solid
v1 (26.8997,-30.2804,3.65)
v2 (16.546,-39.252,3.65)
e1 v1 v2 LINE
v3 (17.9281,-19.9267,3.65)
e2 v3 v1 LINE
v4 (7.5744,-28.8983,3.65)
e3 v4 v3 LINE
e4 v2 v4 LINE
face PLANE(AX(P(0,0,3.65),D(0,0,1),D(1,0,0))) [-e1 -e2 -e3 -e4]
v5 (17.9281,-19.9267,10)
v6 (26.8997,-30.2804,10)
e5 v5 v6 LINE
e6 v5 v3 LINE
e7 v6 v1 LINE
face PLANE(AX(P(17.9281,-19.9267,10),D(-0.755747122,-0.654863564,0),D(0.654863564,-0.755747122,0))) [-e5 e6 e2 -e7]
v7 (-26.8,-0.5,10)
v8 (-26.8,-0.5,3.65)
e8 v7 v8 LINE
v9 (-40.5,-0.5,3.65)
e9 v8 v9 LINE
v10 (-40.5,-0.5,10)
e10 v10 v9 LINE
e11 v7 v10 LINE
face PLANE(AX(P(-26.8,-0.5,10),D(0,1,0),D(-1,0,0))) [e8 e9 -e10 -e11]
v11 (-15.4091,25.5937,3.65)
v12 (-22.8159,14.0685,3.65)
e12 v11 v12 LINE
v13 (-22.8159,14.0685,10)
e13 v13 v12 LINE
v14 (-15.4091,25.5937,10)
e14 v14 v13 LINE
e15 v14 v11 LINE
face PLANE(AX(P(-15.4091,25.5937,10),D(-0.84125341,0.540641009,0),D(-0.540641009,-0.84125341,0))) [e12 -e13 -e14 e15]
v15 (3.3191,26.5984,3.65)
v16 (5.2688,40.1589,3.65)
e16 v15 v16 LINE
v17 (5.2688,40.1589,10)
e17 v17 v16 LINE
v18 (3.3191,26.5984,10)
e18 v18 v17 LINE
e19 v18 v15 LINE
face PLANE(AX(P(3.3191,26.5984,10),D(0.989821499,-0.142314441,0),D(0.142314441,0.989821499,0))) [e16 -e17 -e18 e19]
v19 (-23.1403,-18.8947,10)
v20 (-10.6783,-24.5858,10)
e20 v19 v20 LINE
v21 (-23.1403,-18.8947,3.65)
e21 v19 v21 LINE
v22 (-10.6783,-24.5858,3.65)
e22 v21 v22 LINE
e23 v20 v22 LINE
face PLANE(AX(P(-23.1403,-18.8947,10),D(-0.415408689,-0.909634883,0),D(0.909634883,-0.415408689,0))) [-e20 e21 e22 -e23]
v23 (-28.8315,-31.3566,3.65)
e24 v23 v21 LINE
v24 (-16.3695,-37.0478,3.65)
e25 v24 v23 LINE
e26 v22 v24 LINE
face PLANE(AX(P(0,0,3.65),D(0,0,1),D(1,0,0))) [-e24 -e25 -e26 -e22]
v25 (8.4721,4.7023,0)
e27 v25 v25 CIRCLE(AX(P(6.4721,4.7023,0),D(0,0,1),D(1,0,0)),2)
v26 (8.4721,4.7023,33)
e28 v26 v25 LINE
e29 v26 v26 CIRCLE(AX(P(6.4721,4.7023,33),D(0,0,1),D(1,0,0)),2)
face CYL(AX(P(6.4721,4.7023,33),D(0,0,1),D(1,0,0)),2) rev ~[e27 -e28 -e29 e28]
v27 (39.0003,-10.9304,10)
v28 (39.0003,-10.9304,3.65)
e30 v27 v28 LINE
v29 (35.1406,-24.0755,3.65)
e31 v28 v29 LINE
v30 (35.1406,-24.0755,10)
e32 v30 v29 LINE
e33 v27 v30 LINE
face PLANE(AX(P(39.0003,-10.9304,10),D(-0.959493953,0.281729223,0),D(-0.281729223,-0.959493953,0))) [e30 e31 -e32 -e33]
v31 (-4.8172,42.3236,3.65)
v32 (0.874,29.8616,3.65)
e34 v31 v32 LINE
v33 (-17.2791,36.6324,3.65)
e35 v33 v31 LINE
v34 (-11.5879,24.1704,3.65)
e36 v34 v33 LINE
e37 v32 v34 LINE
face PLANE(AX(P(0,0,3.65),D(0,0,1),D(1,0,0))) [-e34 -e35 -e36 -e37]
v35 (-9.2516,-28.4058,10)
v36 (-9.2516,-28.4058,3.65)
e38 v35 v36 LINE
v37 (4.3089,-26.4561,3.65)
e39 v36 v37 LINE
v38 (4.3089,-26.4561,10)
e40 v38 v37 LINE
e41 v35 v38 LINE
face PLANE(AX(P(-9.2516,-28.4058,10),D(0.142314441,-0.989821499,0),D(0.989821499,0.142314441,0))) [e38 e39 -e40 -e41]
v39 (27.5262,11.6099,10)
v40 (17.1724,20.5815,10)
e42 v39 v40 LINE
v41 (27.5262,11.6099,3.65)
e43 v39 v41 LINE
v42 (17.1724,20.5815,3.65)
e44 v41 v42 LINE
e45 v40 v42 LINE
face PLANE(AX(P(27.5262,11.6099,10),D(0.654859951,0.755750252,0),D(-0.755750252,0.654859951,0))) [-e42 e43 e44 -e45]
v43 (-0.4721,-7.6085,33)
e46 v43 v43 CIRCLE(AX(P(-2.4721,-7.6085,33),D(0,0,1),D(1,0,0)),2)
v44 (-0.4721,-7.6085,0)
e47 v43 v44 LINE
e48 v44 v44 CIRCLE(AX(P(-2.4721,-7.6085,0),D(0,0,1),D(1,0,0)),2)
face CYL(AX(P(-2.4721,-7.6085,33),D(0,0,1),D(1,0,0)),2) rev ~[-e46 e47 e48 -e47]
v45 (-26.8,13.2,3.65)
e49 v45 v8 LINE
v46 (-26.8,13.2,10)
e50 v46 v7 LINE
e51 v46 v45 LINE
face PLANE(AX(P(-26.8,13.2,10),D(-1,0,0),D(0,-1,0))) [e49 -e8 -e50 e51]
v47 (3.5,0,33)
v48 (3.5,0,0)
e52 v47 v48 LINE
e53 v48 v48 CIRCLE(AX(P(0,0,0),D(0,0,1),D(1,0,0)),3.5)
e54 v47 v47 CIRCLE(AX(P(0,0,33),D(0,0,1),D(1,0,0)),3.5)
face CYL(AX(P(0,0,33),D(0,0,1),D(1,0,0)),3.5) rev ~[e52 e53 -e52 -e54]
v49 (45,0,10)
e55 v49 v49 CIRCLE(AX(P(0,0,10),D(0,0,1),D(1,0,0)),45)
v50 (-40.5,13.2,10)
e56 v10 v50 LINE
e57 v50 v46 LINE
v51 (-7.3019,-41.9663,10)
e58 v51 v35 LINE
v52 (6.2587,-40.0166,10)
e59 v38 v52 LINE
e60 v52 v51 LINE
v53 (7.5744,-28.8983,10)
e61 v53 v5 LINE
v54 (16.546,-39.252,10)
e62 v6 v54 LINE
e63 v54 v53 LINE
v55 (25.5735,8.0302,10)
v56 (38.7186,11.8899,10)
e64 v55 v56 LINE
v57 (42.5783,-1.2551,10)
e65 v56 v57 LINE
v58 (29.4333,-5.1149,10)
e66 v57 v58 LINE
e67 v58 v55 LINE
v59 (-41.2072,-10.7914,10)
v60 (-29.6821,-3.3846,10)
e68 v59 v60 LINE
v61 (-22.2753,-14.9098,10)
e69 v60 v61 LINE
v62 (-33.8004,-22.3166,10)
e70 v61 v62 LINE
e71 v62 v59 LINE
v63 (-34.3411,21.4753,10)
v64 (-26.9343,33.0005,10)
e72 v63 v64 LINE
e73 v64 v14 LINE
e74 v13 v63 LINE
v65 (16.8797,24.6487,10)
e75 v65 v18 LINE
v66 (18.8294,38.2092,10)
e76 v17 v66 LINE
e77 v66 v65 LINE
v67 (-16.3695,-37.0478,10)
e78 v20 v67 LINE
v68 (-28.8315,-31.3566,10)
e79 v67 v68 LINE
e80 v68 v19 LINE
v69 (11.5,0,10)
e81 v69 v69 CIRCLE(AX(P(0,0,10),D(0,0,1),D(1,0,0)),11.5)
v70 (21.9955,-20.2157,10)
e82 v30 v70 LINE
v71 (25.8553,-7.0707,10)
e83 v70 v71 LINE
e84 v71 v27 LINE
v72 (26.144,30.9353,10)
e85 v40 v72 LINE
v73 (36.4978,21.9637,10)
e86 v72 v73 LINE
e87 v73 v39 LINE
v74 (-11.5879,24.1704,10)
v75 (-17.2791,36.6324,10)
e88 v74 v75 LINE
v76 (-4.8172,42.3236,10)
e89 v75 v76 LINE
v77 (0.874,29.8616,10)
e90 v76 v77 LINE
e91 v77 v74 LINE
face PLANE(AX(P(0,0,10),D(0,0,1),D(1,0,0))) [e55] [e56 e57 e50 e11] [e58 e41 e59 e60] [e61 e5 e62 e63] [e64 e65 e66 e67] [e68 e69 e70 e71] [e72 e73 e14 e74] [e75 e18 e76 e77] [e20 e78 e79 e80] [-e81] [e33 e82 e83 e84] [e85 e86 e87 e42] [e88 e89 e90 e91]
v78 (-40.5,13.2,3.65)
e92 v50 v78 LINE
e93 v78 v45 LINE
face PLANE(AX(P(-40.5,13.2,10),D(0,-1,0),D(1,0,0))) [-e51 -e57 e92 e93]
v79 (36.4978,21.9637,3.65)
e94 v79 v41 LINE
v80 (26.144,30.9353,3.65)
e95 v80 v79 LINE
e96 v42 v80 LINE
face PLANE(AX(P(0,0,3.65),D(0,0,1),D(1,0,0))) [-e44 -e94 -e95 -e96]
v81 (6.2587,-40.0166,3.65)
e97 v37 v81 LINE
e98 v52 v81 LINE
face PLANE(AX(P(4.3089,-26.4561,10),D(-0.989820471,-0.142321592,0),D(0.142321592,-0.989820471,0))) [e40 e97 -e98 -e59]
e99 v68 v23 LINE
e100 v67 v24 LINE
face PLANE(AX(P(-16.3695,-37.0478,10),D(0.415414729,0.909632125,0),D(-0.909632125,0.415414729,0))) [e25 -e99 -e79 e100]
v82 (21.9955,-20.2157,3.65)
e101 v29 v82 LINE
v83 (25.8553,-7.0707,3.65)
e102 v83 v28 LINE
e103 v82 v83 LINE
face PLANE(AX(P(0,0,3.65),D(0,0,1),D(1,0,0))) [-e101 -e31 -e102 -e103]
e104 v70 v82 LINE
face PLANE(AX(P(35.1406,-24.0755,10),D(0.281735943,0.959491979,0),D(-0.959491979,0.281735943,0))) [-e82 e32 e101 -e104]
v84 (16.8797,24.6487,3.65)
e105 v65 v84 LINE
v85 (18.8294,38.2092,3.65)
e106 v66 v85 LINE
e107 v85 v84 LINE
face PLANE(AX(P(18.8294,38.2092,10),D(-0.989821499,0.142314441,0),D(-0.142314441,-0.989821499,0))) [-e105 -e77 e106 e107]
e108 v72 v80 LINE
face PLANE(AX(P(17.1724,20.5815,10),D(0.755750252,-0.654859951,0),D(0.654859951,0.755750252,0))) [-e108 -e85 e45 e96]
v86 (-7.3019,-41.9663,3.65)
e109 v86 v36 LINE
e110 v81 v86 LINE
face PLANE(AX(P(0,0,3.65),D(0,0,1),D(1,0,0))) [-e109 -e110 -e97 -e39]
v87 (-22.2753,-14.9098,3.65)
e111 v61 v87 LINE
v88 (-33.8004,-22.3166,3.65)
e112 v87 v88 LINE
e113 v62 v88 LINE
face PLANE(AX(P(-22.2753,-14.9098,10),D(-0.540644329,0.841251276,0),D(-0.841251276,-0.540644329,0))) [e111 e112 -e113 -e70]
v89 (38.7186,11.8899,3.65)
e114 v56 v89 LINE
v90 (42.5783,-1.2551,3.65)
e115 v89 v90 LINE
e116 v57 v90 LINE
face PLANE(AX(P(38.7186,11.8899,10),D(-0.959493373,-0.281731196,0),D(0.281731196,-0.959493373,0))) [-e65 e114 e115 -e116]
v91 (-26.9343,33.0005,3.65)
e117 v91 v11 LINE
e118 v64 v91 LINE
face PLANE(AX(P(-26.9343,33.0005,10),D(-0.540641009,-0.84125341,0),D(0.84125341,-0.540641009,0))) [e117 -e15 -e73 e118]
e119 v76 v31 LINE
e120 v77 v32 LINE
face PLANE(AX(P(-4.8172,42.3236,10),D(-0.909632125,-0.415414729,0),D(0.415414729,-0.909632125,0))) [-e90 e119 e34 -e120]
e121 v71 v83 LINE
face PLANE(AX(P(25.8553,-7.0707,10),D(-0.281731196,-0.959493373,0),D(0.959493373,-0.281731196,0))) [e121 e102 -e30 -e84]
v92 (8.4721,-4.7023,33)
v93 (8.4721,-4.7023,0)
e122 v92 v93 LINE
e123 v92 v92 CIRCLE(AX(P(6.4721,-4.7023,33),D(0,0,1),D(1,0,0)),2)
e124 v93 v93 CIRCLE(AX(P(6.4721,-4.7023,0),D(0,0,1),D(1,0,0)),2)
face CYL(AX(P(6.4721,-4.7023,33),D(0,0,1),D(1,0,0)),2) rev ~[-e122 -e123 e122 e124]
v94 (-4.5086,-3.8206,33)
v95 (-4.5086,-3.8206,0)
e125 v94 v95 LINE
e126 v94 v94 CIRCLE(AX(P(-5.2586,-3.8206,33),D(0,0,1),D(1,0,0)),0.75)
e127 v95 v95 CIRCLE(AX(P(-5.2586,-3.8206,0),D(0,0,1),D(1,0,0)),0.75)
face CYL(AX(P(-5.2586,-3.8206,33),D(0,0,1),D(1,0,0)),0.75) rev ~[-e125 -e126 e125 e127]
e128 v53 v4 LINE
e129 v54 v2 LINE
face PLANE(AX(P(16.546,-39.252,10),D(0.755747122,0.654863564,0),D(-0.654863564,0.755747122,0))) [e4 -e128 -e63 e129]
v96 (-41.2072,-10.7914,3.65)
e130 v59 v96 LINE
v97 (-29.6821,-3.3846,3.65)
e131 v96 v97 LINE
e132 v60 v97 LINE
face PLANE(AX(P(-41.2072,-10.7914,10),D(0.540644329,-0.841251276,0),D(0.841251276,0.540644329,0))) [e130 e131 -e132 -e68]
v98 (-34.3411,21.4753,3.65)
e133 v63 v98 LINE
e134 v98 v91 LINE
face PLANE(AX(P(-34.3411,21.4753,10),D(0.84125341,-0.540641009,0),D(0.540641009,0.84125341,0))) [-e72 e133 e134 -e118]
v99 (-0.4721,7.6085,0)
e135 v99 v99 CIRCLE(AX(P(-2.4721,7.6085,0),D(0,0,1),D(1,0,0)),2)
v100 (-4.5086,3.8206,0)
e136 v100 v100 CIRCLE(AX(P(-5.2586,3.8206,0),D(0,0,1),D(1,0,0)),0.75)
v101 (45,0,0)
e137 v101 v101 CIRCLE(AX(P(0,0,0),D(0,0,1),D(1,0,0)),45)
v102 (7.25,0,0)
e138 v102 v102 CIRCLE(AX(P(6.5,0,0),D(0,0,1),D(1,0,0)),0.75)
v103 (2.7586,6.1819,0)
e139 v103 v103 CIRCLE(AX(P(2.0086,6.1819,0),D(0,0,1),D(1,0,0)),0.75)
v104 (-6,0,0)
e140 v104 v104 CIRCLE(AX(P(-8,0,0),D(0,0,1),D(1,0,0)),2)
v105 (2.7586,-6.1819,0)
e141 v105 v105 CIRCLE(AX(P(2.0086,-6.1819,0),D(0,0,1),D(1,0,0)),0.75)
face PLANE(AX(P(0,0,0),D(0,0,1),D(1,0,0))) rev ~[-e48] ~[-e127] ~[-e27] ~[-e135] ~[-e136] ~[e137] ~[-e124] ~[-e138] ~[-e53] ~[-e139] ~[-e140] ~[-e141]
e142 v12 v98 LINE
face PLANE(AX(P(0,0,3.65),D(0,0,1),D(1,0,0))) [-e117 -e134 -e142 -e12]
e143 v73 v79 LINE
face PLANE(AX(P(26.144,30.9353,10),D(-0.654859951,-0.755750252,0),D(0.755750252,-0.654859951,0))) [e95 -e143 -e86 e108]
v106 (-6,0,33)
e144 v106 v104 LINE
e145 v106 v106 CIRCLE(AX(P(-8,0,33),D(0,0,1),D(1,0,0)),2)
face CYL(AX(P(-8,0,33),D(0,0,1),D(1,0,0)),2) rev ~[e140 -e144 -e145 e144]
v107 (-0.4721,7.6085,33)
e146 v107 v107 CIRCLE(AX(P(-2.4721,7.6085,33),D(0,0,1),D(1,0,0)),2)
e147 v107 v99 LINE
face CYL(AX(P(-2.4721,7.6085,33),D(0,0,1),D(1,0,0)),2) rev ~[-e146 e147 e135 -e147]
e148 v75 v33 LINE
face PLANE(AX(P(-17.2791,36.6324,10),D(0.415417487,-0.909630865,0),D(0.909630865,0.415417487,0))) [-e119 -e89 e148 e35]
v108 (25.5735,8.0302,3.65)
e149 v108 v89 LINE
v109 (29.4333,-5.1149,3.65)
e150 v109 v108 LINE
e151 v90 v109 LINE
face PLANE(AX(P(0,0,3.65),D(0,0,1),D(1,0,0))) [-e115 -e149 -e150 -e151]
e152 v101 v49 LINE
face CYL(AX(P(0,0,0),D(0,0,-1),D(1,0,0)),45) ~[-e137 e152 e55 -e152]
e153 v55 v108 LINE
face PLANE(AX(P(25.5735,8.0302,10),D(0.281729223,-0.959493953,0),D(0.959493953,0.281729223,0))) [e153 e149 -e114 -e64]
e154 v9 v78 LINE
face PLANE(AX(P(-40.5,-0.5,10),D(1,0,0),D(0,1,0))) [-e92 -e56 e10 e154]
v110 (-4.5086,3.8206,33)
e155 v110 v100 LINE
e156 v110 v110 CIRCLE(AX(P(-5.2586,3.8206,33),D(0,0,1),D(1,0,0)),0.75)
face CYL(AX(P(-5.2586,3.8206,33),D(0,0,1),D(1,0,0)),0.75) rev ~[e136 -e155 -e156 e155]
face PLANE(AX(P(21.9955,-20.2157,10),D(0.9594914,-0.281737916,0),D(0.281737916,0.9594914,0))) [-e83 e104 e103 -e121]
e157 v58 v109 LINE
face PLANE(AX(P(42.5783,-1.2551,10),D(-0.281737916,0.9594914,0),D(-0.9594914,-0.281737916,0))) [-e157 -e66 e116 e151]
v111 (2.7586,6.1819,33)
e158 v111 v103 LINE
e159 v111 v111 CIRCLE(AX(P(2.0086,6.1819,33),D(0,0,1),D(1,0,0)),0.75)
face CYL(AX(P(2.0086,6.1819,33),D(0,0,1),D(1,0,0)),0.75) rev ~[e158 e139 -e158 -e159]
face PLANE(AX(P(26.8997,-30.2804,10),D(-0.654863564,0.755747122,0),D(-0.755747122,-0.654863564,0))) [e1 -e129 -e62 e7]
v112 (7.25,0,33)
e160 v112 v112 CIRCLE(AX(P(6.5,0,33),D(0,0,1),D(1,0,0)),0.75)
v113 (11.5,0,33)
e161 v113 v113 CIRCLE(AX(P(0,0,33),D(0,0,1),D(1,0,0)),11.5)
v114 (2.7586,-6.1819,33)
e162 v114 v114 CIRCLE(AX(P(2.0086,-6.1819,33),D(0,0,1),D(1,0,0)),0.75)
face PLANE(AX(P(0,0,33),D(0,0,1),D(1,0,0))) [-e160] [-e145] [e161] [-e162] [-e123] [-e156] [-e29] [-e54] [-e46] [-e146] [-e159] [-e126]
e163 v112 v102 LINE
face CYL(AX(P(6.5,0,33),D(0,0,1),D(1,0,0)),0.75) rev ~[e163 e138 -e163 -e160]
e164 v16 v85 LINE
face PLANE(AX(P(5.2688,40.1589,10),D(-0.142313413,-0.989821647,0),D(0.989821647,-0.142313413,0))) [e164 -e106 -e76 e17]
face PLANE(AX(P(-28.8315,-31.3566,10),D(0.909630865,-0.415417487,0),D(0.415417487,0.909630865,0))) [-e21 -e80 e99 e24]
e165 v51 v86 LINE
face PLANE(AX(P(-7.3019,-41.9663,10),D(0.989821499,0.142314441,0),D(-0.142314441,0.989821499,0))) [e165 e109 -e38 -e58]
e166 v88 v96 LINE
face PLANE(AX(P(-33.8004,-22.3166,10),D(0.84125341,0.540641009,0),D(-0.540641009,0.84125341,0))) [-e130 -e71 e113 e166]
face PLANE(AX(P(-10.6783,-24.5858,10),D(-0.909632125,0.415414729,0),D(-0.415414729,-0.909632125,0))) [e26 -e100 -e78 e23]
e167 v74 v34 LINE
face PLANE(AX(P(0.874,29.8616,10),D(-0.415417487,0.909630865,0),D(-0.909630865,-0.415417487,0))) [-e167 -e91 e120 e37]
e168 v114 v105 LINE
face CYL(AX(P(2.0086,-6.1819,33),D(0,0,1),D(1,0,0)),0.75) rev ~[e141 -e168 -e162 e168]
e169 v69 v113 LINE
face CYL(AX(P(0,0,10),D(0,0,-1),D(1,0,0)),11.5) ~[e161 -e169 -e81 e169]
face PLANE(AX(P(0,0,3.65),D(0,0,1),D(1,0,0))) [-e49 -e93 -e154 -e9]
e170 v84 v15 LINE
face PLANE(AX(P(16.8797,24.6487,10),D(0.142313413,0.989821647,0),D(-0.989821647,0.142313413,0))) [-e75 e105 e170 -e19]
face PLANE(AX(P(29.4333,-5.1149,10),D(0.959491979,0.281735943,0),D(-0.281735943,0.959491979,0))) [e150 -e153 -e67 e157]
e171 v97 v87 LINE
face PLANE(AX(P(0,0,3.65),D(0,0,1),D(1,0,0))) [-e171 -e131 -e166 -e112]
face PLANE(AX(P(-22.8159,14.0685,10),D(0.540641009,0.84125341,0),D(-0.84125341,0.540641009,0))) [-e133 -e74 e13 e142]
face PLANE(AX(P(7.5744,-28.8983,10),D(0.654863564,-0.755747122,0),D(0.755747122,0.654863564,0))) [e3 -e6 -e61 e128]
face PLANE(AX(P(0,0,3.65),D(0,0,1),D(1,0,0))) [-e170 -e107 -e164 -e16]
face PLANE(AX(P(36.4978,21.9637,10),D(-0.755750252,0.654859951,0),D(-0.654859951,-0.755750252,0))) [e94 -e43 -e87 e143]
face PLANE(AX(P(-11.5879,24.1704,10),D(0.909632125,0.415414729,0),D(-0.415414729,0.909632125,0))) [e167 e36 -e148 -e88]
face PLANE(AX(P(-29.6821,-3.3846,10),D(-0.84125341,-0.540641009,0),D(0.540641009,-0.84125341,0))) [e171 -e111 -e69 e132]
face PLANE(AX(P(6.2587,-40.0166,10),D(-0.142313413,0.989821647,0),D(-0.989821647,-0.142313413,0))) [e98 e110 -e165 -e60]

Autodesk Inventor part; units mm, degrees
ref_plane "YZ Plane" through (0, 0, 0) normal (1, 0, 0) x (0, 1, 0)
ref_plane "XZ Plane" through (0, 0, 0) normal (0, 1, 0) x (-1, 0, 0)
ref_plane "XY Plane" through (0, 0, 0) normal (0, 0, 1) x (1, 0, 0)
sketch "Sketch2" plane through (0, 0, 0) normal (0, 0, 1) x (1, 0, 0)
  circle A0 centre (0, 0) radius 45
  dimension "d0" = 90
extrude "Extrusion1" add sketch "Sketch2" along normal blind 10
sketch "Sketch4" plane through (0, 0, 10) normal (0, 0, 1) x (1, 0, 0)
  circle A0 centre (0, 0) radius 11.5
  dimension "d14" = 23
extrude "Extrusion3" add sketch "Sketch4" along normal blind 23
sketch "Sketch5" plane through (0, 0, 33) normal (0, 0, 1) x (1, 0, 0)
  circle A0 centre (-8, 0) radius 2
  circle A1 centre (0, 0) radius 3.5
  circle A2 centre (0, 0) radius 11.5 construction
  circle A3 centre (-2.4721, -7.6085) radius 2
  circle A4 centre (6.4721, -4.7023) radius 2
  circle A5 centre (6.4721, 4.7023) radius 2
  circle A6 centre (-2.4721, 7.6085) radius 2
  dimension "d19" = 4
  dimension "d20" = 8
  dimension "d21" = 360
  dimension "d22" = 7
extrude "Extrusion4" cut sketch "Sketch5" against normal through all
sketch "Sketch6" plane through (0, 0, 10) normal (0, 0, 1) x (1, 0, 0)
  line L0 (-40, 0) -> (-27.3, 0)
  line L1 (-27.3, 0) -> (-27.3, 12.7)
  line L2 (-27.3, 12.7) -> (-40, 12.7)
  line L3 (-40, 12.7) -> (-40, 0)
  line L4 (-40.5, 13.2) -> (-26.8, 13.2)
  line L5 (-26.8, 13.2) -> (-26.8, -0.5)
  line L6 (-26.8, -0.5) -> (-40.5, -0.5)
  line L7 (-40.5, -0.5) -> (-40.5, 13.2)
  line L8 (-33.6501, -21.6256) -> (-22.9662, -14.7595)
  line L9 (-22.9662, -14.7595) -> (-29.8324, -4.0756)
  line L10 (-29.8324, -4.0756) -> (-40.5163, -10.9417)
  line L11 (-40.5163, -10.9417) -> (-33.6501, -21.6256)
  line L12 (-41.2072, -10.7914) -> (-29.6821, -3.3846)
  line L13 (-29.6821, -3.3846) -> (-22.2753, -14.9098)
  line L14 (-22.2753, -14.9098) -> (-33.8004, -22.3166)
  line L15 (-33.8004, -22.3166) -> (-41.2072, -10.7914)
  line L16 (-16.6166, -36.3853) -> (-11.3408, -24.833)
  line L17 (-11.3408, -24.833) -> (-22.8932, -19.5572)
  line L18 (-22.8932, -19.5572) -> (-28.1689, -31.1095)
  line L19 (-28.1689, -31.1095) -> (-16.6166, -36.3853)
  line L20 (-28.8315, -31.3566) -> (-23.1403, -18.8947)
  line L21 (-23.1403, -18.8947) -> (-10.6783, -24.5858)
  line L22 (-10.6783, -24.5858) -> (-16.3695, -37.0478)
  line L23 (-16.3695, -37.0478) -> (-28.8315, -31.3566)
  line L24 (5.6926, -39.5929) -> (3.8852, -27.0221)
  line L25 (3.8852, -27.0221) -> (-8.6855, -28.8295)
  line L26 (-8.6855, -28.8295) -> (-6.8781, -41.4003)
  line L27 (-6.8781, -41.4003) -> (5.6926, -39.5929)
  line L28 (-7.3019, -41.9663) -> (-9.2516, -28.4058)
  line L29 (-9.2516, -28.4058) -> (4.3089, -26.4561)
  line L30 (4.3089, -26.4561) -> (6.2587, -40.0166)
  line L31 (6.2587, -40.0166) -> (-7.3019, -41.9663)
  line L32 (26.1944, -30.23) -> (17.8777, -20.632)
  line L33 (17.8777, -20.632) -> (8.2797, -28.9487)
  line L34 (8.2797, -28.9487) -> (16.5964, -38.5467)
  line L35 (16.5964, -38.5467) -> (26.1944, -30.23)
  line L36 (16.546, -39.252) -> (7.5744, -28.8983)
  line L37 (7.5744, -28.8983) -> (17.9281, -19.9267)
  line L38 (17.9281, -19.9267) -> (26.8997, -30.2804)
  line L39 (26.8997, -30.2804) -> (16.546, -39.252)
  line L40 (38.3797, -11.2693) -> (26.1942, -7.6913)
  line L41 (26.1942, -7.6913) -> (22.6162, -19.8769)
  line L42 (22.6162, -19.8769) -> (34.8017, -23.4549)
  line L43 (34.8017, -23.4549) -> (38.3797, -11.2693)
  line L44 (35.1406, -24.0755) -> (21.9955, -20.2157)
  line L45 (21.9955, -20.2157) -> (25.8553, -7.0707)
  line L46 (25.8553, -7.0707) -> (39.0003, -10.9304)
  line L47 (39.0003, -10.9304) -> (35.1406, -24.0755)
  line L48 (38.3797, 11.2693) -> (26.1942, 7.6913)
  line L49 (26.1942, 7.6913) -> (29.7722, -4.4943)
  line L50 (29.7722, -4.4943) -> (41.9577, -0.9163)
  line L51 (41.9577, -0.9163) -> (38.3797, 11.2693)
  line L52 (42.5783, -1.2551) -> (29.4333, -5.1149)
  line L53 (29.4333, -5.1149) -> (25.5735, 8.0302)
  line L54 (25.5735, 8.0302) -> (38.7186, 11.8899)
  line L55 (38.7186, 11.8899) -> (42.5783, -1.2551)
  line L56 (26.1944, 30.23) -> (17.8777, 20.632)
  line L57 (17.8777, 20.632) -> (27.4757, 12.3152)
  line L58 (27.4757, 12.3152) -> (35.7924, 21.9133)
  line L59 (35.7924, 21.9133) -> (26.1944, 30.23)
  line L60 (36.4978, 21.9637) -> (27.5262, 11.6099)
  line L61 (27.5262, 11.6099) -> (17.1724, 20.5815)
  line L62 (17.1724, 20.5815) -> (26.144, 30.9353)
  line L63 (26.144, 30.9353) -> (36.4978, 21.9637)
  line L64 (5.6926, 39.5929) -> (3.8852, 27.0221)
  line L65 (3.8852, 27.0221) -> (16.4559, 25.2147)
  line L66 (16.4559, 25.2147) -> (18.2633, 37.7855)
  line L67 (18.2633, 37.7855) -> (5.6926, 39.5929)
  line L68 (18.8294, 38.2092) -> (16.8797, 24.6487)
  line L69 (16.8797, 24.6487) -> (3.3191, 26.5984)
  line L70 (3.3191, 26.5984) -> (5.2688, 40.1589)
  line L71 (5.2688, 40.1589) -> (18.8294, 38.2092)
  line L72 (-16.6166, 36.3853) -> (-11.3408, 24.833)
  line L73 (-11.3408, 24.833) -> (0.2115, 30.1087)
  line L74 (0.2115, 30.1087) -> (-5.0643, 41.6611)
  line L75 (-5.0643, 41.6611) -> (-16.6166, 36.3853)
  line L76 (-4.8172, 42.3236) -> (0.874, 29.8616)
  line L77 (0.874, 29.8616) -> (-11.5879, 24.1704)
  line L78 (-11.5879, 24.1704) -> (-17.2791, 36.6324)
  line L79 (-17.2791, 36.6324) -> (-4.8172, 42.3236)
  line L80 (-33.6501, 21.6256) -> (-22.9662, 14.7595)
  line L81 (-22.9662, 14.7595) -> (-16.1001, 25.4434)
  line L82 (-16.1001, 25.4434) -> (-26.784, 32.3096)
  line L83 (-26.784, 32.3096) -> (-33.6501, 21.6256)
  line L84 (-26.9343, 33.0005) -> (-15.4091, 25.5937)
  line L85 (-15.4091, 25.5937) -> (-22.8159, 14.0685)
  line L86 (-22.8159, 14.0685) -> (-34.3411, 21.4753)
  line L87 (-34.3411, 21.4753) -> (-26.9343, 33.0005)
  point P0 (0, 0)
  dimension "d25" = 12.7
  dimension "d26" = 12.7
  dimension "d27" = 40
  dimension "d28" = 0.5
  dimension "d31" = 360
extrude "Extrusion5" cut sketch "Sketch6" against normal blind 6.35 contours L3 L2 L1 L0 | L4 L5 L6 L7 | L11 L10 L9 L8 | L12 L13 L14 L15 | L19 L18 L17 L16 | L20 L21 L22 L23 | L27 L26 L25 L24 | L28 L29 L30 L31 | L35 L34 L33 L32 | L36 L37 L38 L39 | L43 L42 L41 L40 | L44 L45 L46 L47 | L51 L50 L49 L48 | L52 L53 L54 L55 | L59 L58 L57 L56 | L60 L61 L62 L63 | L67 L66 L65 L64 | L68 L69 L70 L71 | L75 L74 L73 L72 | L76 L77 L78 L79 | L83 L82 L81 L80 | L84 L85 L86 L87
sketch "Sketch8" plane through (0, 0, 33) normal (0, 0, 1) x (1, 0, 0)
  circle A0 centre (2.0086, 6.1819) radius 0.75
  circle A1 centre (-5.2586, 3.8206) radius 0.75
  circle A2 centre (-5.2586, -3.8206) radius 0.75
  circle A3 centre (2.0086, -6.1819) radius 0.75
  circle A4 centre (6.5, 0) radius 0.75
  circle A5 centre (-2.4721, 7.6085) radius 2 construction
  circle A6 centre (6.4721, 4.7023) radius 2 construction
  circle A7 centre (-2.4721, 7.6085) radius 2 projected
  line L0 (6.4721, 4.7023) -> (-2.4721, 7.6085) construction
  line L1 (0, 0) -> (2.0086, 6.1819) construction
  point P0 (2, 6.1554)
  dimension "d44" = 1.5
  dimension "d45" = 6.5
  dimension "d48" = 360
extrude "Extrusion7" cut sketch "Sketch8" against normal through all contours A0 | A1 | A2 | A3 | A4
properties part number "SG02" material "ABS Plastic"
